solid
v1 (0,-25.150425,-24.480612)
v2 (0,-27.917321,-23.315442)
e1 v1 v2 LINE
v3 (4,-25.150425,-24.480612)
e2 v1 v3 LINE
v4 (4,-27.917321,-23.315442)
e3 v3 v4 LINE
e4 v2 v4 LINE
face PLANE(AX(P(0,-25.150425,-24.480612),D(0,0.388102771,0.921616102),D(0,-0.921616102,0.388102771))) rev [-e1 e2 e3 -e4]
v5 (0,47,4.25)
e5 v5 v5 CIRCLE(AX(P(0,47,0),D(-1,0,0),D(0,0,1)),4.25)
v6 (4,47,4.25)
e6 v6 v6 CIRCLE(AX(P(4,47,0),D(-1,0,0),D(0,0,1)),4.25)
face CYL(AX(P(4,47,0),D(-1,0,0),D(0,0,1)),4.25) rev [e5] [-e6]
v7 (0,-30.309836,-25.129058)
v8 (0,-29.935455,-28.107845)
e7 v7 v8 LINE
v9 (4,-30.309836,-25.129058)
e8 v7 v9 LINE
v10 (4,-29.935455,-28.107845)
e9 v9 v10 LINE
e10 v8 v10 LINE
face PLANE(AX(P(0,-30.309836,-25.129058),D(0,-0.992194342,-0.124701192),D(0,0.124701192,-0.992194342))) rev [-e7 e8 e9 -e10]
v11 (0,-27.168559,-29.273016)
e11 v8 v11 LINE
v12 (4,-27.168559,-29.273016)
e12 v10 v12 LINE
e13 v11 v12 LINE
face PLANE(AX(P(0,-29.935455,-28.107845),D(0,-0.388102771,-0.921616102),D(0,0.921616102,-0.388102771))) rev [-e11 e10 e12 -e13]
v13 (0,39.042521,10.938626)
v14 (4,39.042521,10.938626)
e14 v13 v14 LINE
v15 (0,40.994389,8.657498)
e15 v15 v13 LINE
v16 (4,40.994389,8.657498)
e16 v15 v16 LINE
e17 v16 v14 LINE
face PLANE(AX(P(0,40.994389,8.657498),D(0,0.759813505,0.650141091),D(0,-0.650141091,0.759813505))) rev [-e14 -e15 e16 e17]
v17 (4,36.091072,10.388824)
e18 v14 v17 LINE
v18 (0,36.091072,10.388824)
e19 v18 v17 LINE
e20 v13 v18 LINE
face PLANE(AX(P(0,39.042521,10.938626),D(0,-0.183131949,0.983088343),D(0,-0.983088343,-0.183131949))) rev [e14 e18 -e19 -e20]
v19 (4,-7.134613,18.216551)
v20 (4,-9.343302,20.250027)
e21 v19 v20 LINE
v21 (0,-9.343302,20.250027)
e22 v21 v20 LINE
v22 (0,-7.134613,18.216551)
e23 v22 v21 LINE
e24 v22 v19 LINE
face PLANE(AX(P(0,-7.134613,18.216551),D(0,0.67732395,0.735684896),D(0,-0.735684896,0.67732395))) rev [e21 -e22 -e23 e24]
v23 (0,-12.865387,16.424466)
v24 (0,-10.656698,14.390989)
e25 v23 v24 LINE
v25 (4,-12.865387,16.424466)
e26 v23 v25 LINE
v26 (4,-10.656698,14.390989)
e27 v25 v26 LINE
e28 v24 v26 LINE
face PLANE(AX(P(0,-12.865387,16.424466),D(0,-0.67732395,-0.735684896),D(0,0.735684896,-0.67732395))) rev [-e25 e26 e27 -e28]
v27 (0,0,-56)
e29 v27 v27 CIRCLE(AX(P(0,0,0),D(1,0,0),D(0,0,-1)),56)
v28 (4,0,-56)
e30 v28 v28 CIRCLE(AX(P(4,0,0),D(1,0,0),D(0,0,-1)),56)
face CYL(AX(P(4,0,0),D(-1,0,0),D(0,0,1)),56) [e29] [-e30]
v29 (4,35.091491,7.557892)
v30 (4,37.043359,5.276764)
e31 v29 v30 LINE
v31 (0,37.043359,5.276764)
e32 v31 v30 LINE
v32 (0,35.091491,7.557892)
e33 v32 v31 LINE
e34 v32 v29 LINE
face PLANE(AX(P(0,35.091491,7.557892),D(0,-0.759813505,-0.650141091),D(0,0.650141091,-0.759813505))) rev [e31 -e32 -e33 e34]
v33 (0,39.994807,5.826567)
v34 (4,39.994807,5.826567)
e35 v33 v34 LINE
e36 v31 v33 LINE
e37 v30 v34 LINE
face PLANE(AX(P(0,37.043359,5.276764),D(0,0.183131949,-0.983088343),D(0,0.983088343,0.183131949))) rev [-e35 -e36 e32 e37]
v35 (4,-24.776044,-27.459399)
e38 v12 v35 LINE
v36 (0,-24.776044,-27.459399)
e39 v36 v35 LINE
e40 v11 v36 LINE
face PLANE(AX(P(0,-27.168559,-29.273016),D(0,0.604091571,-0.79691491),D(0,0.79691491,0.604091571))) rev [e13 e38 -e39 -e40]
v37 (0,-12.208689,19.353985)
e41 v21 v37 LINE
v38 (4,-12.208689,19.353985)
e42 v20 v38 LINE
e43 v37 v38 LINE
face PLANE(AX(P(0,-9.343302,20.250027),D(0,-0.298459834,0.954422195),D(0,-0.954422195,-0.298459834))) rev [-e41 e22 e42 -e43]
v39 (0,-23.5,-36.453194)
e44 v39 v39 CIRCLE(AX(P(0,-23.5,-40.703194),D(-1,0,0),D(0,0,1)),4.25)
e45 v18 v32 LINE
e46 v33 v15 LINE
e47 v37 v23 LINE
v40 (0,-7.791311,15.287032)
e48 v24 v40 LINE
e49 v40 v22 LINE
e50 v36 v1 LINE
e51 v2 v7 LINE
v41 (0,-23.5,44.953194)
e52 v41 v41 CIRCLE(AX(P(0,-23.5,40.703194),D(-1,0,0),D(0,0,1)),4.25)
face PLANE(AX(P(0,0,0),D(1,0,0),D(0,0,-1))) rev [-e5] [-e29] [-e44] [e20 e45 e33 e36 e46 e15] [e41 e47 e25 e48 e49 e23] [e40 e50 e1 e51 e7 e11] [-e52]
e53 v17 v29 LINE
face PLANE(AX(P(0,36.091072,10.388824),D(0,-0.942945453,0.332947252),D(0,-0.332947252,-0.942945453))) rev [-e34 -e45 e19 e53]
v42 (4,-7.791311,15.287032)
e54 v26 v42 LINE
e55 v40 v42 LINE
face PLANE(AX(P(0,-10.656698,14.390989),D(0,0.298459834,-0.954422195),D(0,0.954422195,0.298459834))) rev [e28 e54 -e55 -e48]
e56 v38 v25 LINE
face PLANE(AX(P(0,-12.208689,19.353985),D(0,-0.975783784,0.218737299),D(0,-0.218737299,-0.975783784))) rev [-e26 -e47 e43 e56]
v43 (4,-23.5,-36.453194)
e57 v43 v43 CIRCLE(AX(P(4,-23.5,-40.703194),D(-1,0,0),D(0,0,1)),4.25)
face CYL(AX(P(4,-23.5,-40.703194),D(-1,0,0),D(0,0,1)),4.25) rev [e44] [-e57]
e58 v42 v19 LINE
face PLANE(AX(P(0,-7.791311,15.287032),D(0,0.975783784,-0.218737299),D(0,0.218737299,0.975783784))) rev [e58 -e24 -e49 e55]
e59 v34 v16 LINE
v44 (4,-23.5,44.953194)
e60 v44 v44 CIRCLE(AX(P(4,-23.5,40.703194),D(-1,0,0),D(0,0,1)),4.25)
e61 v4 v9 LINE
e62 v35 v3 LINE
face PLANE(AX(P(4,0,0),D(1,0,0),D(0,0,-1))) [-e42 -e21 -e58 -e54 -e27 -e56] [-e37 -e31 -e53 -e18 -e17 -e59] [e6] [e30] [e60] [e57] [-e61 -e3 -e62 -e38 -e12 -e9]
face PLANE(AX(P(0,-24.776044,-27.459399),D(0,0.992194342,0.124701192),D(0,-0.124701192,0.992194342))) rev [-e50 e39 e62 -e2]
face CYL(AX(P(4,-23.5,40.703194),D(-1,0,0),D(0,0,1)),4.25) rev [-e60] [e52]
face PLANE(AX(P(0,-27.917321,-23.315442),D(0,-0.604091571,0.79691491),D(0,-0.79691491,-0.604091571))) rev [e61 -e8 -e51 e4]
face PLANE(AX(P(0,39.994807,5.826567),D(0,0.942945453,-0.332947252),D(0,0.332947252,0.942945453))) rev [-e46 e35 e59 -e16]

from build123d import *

# Parameters (mm, degrees)
SKETCH1_R           = 56
BOSS_EXTRUDE1_DEPTH = 4
SKETCH2_R           = 4.25
CUT_EXTRUDE1_DEPTH  = 80.296910406
CUT_EXTRUDE3_DEPTH  = 80.296910406


with BuildPart() as part:
    # Sketch1 → Boss-Extrude1 (new body)
    with BuildSketch(Plane(origin=(0, 0, 0), x_dir=(0, 0, -1), z_dir=(1, 0, 0))):
        Circle(SKETCH1_R)
    extrude(amount=BOSS_EXTRUDE1_DEPTH)

    # Sketch2 → Cut-Extrude1 (cut, through all)
    with BuildSketch(Plane.ZY):
        with Locations((0, 47)):
            Circle(SKETCH2_R)
        with Locations((40.703193978, -23.5)):
            Circle(SKETCH2_R)
        with Locations((-40.703193978, -23.5)):
            Circle(SKETCH2_R)
    extrude(amount=-CUT_EXTRUDE1_DEPTH, mode=Mode.SUBTRACT)

    # Sketch4 → Cut-Extrude3 (cut, through all)
    with BuildSketch(Plane(origin=(4, 0, 0), x_dir=(0, 0, -1), z_dir=(1, 0, 0))):
        Polygon((27.459399078, -24.776044357), (24.480611991, -25.150424944), (23.315441547, -27.917320527), (25.12905819, -30.309835523), (28.107845277, -29.935454936), (29.273015721, -27.168559353), align=None)
        Polygon((-10.388823518, 36.091072444), (-7.5578925, 35.09149108), (-5.276764136, 37.043358576), (-5.826566791, 39.994807436), (-8.65749781, 40.9943888), (-10.938626173, 39.042521304), align=None)
        Polygon((-16.424465574, -12.86538674), (-14.390989116, -10.6566978), (-15.287031618, -7.791311061), (-18.216550578, -7.13461326), (-20.250027035, -9.3433022), (-19.353984533, -12.208688939), align=None)
    extrude(amount=-CUT_EXTRUDE3_DEPTH, mode=Mode.SUBTRACT)


solid = part.part
